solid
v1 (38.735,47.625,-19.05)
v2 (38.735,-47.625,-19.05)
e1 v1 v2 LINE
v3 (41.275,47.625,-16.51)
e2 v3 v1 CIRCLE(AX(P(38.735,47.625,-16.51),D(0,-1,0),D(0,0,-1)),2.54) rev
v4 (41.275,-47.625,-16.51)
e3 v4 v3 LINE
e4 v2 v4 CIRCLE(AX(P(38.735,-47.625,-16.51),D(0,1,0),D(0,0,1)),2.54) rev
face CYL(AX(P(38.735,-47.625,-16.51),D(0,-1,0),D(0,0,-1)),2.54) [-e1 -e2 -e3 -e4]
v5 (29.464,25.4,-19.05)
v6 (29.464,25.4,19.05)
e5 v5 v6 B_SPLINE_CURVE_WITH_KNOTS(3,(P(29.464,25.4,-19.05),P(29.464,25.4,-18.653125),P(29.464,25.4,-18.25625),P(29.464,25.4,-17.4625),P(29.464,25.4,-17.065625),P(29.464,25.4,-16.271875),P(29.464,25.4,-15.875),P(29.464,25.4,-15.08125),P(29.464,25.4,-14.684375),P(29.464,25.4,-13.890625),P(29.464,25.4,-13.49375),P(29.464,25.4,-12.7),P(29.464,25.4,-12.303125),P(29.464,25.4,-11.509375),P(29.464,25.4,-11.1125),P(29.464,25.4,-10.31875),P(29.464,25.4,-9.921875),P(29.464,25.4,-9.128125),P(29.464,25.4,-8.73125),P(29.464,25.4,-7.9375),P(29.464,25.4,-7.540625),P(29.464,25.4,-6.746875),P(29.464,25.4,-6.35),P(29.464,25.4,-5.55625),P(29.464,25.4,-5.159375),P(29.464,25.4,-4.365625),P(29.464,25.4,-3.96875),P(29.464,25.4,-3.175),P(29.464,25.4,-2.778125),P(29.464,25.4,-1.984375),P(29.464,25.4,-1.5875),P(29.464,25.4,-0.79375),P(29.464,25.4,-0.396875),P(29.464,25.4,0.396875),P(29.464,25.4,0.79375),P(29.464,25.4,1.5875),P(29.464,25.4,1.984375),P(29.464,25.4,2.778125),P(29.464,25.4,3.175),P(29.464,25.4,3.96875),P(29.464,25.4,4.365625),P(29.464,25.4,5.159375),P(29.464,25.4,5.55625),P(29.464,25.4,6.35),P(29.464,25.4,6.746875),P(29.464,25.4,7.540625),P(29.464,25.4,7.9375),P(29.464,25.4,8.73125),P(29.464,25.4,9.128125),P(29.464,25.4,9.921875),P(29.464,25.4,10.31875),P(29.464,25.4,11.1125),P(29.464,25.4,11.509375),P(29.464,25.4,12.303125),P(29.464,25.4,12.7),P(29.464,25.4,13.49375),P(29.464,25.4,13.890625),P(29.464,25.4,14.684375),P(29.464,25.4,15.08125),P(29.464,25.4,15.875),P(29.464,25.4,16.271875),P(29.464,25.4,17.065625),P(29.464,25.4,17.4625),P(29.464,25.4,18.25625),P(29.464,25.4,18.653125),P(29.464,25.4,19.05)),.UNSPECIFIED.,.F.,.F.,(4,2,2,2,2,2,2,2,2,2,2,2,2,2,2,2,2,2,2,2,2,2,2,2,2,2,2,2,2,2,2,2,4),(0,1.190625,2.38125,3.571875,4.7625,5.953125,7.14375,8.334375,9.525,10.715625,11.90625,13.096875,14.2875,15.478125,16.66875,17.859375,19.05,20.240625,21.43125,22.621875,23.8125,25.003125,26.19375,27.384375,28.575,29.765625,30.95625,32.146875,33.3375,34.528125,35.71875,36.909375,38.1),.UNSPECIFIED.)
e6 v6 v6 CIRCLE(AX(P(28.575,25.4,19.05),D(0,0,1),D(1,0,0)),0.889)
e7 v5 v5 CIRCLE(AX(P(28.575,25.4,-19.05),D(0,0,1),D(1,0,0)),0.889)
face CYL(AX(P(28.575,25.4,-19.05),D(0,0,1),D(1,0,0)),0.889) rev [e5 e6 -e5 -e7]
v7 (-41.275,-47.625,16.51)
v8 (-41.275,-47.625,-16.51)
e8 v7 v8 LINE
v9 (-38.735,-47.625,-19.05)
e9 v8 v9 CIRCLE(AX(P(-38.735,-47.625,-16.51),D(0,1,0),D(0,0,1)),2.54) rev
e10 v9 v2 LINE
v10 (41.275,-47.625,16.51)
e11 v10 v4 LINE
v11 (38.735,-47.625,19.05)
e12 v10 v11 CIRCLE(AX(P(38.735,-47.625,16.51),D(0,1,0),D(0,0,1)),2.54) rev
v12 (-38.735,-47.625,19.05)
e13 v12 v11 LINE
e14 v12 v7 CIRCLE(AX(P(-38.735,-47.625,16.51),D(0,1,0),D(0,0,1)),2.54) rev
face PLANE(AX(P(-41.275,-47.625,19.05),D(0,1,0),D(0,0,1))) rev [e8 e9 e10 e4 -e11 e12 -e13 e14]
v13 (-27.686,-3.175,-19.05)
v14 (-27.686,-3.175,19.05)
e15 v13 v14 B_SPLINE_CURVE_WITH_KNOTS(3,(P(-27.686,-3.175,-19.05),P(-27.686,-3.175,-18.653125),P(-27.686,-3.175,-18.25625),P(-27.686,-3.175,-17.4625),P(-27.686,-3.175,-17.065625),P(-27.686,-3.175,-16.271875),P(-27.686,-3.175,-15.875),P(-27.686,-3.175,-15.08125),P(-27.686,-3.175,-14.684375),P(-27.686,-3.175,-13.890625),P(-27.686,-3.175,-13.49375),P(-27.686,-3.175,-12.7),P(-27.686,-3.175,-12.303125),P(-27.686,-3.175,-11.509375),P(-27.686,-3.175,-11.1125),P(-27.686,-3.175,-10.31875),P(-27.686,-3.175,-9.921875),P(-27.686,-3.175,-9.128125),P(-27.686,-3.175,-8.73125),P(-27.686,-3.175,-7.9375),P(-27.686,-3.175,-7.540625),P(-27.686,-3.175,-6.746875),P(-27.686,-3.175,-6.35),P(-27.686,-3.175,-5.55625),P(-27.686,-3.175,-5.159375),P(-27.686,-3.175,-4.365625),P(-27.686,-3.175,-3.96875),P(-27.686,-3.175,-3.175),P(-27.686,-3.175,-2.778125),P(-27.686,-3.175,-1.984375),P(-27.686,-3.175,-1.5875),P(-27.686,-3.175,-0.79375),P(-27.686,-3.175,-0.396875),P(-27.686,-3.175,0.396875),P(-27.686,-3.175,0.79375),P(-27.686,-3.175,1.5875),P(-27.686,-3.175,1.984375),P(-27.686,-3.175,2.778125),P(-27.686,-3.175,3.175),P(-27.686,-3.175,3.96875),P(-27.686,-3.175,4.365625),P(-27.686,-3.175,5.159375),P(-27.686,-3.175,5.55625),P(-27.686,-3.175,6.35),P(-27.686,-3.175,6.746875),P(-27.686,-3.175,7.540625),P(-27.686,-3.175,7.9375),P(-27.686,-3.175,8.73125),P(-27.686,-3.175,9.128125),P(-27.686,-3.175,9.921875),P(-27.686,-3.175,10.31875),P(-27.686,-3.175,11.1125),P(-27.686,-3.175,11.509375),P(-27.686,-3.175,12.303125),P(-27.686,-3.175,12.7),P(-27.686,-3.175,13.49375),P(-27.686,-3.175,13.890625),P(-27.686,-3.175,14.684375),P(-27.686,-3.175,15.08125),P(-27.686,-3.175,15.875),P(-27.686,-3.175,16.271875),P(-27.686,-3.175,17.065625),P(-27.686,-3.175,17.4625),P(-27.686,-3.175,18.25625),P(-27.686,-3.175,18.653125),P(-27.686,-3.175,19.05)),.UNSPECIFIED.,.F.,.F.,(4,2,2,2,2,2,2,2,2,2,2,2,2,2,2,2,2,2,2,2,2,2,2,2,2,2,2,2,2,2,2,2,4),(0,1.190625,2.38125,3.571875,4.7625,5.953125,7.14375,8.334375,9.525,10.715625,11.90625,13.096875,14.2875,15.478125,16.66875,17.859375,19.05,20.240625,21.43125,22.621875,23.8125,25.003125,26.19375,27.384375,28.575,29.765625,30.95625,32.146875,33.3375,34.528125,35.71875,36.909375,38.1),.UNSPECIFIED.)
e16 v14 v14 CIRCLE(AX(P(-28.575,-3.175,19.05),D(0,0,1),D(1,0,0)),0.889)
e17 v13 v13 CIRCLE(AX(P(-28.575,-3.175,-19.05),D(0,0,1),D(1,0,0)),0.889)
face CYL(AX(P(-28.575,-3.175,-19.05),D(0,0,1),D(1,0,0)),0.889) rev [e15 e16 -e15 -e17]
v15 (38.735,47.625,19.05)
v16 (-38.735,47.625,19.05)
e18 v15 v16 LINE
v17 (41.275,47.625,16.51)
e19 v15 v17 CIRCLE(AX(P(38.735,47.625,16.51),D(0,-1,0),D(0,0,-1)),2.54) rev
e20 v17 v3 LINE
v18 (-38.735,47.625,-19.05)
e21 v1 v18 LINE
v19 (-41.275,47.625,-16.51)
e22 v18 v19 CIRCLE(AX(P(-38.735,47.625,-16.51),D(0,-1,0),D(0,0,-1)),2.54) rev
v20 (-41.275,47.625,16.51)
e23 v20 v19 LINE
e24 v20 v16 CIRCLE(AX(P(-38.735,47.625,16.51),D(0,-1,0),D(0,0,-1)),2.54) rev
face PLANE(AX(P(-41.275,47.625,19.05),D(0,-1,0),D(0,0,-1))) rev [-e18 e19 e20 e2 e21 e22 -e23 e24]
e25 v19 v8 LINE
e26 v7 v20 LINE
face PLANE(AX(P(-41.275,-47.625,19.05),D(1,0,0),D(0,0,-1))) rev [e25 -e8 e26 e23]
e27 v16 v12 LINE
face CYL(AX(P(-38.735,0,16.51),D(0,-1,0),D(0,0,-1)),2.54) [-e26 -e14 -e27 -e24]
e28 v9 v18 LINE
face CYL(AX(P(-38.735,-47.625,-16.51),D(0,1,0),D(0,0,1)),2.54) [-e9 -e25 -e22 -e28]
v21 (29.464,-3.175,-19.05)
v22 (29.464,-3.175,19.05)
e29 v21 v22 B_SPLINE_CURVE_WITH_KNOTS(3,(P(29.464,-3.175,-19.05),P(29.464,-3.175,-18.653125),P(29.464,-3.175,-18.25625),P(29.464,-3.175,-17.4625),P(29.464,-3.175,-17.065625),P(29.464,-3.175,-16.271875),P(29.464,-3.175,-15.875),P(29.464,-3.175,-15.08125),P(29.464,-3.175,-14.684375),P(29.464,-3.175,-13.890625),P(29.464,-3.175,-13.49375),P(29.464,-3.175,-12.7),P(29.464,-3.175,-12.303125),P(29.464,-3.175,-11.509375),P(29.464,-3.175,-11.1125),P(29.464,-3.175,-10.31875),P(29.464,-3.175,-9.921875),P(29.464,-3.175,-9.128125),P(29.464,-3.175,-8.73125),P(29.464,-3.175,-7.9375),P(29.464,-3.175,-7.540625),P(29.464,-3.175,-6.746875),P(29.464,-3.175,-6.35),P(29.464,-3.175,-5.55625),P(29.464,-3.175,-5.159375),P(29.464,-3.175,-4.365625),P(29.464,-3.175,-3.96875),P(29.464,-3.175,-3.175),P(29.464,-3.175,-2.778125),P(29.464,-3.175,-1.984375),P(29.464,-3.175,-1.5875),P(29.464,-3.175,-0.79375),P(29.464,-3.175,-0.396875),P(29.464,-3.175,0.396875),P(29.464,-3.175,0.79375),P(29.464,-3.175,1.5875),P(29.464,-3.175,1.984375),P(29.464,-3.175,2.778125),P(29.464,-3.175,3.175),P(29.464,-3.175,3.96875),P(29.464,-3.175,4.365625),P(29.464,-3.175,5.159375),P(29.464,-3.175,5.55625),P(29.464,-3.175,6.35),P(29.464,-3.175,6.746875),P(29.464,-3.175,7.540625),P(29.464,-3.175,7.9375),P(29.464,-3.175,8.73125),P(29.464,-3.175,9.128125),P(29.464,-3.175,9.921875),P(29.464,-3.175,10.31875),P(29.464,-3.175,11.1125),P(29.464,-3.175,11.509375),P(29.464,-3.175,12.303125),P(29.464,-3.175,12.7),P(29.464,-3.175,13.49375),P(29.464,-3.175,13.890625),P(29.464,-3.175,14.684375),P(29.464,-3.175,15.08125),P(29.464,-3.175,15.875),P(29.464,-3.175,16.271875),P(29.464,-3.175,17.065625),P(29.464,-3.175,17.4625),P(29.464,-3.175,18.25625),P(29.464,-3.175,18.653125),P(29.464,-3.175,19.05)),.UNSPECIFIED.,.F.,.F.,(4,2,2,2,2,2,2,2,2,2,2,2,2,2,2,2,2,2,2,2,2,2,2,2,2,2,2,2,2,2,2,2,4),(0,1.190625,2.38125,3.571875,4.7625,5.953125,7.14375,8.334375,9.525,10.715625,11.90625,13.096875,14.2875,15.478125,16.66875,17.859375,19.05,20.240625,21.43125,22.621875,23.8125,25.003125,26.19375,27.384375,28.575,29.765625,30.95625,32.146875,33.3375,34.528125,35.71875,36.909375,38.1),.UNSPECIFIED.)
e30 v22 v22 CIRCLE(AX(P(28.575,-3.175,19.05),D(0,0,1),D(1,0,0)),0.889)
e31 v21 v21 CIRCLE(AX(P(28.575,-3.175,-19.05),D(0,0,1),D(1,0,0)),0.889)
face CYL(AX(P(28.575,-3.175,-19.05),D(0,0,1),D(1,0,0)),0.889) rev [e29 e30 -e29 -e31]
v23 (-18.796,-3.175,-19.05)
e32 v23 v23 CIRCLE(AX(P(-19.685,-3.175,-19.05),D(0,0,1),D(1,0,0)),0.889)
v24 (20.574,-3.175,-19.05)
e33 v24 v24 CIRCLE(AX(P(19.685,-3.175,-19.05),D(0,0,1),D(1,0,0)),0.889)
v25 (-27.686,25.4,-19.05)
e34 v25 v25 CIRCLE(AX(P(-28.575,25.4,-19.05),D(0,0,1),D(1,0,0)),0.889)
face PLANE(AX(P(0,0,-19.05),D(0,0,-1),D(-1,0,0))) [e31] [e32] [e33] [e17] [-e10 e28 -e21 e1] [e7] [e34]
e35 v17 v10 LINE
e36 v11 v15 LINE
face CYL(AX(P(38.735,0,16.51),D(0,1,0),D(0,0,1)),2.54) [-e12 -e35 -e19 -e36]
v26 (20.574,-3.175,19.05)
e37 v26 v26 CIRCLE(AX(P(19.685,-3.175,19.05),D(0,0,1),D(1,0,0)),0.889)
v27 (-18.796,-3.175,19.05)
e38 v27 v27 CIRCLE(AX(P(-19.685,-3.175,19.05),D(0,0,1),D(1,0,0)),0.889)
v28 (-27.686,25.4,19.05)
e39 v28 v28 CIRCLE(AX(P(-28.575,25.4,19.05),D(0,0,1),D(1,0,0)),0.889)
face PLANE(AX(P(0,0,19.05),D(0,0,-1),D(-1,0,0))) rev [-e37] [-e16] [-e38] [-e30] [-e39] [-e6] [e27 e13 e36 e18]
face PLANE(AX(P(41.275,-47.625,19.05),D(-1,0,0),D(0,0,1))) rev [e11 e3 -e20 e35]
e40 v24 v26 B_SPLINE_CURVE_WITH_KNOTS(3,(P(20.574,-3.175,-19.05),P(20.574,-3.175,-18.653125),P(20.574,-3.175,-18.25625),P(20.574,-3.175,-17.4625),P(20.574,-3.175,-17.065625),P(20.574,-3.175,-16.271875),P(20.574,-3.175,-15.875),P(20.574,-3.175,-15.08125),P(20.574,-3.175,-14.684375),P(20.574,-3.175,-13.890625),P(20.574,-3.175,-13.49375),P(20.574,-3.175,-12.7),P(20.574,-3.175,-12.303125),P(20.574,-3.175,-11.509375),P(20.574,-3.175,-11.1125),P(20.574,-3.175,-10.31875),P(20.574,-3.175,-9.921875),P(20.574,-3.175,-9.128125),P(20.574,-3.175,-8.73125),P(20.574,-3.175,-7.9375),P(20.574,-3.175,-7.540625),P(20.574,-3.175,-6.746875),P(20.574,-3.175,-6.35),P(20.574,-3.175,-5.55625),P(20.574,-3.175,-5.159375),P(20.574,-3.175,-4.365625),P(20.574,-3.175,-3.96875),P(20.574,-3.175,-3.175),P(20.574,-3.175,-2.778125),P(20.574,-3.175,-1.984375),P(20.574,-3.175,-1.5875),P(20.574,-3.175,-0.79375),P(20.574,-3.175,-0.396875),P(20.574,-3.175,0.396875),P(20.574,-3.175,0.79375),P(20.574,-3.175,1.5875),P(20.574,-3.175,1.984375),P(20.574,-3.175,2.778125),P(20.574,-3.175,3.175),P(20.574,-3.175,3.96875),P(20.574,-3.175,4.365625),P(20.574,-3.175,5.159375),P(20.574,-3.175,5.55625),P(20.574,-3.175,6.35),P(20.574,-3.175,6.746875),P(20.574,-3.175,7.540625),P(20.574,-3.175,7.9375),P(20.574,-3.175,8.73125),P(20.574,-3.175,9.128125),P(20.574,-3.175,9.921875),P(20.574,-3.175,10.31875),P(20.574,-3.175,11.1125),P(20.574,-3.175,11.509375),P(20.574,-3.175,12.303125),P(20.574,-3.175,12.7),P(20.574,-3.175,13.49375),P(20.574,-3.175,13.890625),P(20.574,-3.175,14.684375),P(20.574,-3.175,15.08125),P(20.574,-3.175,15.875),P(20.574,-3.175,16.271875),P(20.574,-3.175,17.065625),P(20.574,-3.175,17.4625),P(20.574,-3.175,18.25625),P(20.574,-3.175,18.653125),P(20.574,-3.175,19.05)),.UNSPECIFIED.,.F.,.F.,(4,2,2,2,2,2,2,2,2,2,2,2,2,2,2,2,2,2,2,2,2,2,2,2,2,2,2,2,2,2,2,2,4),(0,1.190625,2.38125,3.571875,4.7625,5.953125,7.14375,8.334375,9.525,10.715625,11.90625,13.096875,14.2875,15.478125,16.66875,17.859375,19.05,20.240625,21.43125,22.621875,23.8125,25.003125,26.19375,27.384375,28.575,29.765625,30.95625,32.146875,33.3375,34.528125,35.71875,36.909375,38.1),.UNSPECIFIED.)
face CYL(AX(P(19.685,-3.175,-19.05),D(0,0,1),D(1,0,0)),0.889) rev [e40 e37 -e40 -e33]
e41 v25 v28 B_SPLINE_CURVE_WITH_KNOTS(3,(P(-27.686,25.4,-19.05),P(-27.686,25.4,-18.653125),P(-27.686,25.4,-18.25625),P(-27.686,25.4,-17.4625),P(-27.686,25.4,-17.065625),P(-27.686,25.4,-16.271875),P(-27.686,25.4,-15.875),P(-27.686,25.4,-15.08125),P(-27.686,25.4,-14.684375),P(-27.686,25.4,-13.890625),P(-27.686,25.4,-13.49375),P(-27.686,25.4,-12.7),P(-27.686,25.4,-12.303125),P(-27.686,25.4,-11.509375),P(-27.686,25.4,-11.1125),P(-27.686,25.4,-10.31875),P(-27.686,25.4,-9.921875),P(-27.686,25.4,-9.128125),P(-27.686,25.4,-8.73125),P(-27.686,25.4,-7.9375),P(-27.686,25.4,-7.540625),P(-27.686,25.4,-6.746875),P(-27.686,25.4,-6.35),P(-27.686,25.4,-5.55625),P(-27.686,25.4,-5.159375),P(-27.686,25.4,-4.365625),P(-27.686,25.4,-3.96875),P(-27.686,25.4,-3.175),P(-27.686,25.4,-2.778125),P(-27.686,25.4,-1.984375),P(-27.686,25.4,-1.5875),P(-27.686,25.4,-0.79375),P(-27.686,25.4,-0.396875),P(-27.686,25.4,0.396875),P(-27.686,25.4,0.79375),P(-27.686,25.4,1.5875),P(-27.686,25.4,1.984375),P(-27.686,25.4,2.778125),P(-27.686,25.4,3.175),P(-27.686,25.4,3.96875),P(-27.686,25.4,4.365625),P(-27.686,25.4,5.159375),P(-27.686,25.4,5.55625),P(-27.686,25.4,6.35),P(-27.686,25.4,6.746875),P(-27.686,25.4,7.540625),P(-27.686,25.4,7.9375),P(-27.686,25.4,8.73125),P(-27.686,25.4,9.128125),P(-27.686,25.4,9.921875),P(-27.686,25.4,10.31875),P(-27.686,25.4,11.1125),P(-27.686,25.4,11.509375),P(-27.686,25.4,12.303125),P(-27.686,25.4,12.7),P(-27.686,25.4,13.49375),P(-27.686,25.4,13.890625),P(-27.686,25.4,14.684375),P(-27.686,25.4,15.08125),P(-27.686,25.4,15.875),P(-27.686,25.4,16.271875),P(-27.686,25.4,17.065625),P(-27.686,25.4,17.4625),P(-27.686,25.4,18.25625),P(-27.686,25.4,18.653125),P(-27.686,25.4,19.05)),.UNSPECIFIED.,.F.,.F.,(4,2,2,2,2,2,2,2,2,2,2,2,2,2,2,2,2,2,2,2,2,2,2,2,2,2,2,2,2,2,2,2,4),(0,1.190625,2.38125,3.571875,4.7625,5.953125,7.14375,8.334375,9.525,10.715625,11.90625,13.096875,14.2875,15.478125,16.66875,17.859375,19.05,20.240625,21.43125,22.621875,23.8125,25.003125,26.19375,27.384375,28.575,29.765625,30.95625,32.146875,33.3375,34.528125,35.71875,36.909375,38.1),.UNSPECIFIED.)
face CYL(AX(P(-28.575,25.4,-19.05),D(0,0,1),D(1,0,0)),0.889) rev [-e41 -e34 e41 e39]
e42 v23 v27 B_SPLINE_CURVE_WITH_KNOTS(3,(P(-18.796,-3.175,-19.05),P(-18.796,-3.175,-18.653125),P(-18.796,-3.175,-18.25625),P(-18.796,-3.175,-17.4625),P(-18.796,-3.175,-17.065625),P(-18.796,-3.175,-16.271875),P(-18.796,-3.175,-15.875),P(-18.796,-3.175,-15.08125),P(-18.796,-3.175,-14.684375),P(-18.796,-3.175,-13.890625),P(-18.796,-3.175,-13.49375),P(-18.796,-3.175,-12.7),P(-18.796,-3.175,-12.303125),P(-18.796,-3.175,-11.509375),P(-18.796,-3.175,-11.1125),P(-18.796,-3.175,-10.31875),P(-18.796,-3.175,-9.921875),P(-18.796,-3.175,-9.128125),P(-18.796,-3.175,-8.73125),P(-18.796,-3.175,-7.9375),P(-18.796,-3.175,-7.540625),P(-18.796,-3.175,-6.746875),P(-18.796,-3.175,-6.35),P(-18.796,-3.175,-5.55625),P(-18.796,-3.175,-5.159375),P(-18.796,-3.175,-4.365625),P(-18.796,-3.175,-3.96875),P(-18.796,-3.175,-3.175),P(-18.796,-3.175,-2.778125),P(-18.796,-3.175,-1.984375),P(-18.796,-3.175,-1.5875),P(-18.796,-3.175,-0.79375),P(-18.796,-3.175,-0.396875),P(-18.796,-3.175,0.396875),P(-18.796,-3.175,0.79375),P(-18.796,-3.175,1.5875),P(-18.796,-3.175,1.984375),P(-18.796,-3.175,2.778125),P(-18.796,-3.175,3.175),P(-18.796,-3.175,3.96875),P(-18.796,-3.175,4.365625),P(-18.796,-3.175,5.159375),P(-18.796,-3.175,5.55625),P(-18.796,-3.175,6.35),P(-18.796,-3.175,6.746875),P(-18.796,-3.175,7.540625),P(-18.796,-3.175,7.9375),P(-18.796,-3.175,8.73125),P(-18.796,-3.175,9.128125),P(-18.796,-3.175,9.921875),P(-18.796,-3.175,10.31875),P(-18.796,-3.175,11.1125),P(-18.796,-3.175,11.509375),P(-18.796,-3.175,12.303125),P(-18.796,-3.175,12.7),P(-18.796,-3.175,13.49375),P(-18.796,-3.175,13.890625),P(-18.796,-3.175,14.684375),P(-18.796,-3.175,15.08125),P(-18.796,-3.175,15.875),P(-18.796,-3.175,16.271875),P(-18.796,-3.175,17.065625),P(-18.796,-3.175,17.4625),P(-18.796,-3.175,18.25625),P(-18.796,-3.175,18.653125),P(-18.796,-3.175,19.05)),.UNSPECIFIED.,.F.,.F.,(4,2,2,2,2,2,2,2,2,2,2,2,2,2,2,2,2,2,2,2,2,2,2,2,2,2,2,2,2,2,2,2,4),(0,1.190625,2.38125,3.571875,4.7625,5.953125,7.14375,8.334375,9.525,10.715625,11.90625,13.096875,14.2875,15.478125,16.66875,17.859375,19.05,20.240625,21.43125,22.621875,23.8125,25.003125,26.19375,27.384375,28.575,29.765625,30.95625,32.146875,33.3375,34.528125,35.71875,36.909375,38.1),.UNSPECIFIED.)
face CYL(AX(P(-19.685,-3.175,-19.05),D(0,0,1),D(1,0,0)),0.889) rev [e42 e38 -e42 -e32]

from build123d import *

# Parameters (mm, degrees)
SKETCH1_W           = 82.55
SKETCH1_H           = 95.25
BOSS_EXTRUDE1_DEPTH = 19.05
SKETCH2_R           = 0.889
CUT_EXTRUDE1_DEPTH  = 74.643575755
FILLET1_R           = 2.54


with BuildPart() as part:
    # Sketch1 → Boss-Extrude1 (new, symmetric)
    with BuildSketch(Plane.XY):
        Rectangle(SKETCH1_W, SKETCH1_H)
    extrude(amount=BOSS_EXTRUDE1_DEPTH, both=True)

    # Sketch2 → Cut-Extrude1 (cut, through all)
    with BuildSketch(Plane.XY.offset(19.05)):
        with Locations((-28.575, 25.4)):
            Circle(SKETCH2_R)
        with Locations((28.575, 25.4)):
            Circle(SKETCH2_R)
        with Locations((28.575, -3.175)):
            Circle(SKETCH2_R)
        with Locations((-28.575, -3.175)):
            Circle(SKETCH2_R)
        with Locations((-19.685, -3.175)):
            Circle(SKETCH2_R)
        with Locations((19.685, -3.175)):
            Circle(SKETCH2_R)
    extrude(amount=-CUT_EXTRUDE1_DEPTH, mode=Mode.SUBTRACT)

    # Fillet1
    fillet1_edges = [part.edges().sort_by_distance(p)[0] for p in [
        (-41.275, 0, 19.05),
        (41.275, 0, 19.05),
        (-41.275, 0, -19.05),
        (41.275, 0, -19.05),
    ]]
    fillet(fillet1_edges, radius=FILLET1_R)


solid = part.part
